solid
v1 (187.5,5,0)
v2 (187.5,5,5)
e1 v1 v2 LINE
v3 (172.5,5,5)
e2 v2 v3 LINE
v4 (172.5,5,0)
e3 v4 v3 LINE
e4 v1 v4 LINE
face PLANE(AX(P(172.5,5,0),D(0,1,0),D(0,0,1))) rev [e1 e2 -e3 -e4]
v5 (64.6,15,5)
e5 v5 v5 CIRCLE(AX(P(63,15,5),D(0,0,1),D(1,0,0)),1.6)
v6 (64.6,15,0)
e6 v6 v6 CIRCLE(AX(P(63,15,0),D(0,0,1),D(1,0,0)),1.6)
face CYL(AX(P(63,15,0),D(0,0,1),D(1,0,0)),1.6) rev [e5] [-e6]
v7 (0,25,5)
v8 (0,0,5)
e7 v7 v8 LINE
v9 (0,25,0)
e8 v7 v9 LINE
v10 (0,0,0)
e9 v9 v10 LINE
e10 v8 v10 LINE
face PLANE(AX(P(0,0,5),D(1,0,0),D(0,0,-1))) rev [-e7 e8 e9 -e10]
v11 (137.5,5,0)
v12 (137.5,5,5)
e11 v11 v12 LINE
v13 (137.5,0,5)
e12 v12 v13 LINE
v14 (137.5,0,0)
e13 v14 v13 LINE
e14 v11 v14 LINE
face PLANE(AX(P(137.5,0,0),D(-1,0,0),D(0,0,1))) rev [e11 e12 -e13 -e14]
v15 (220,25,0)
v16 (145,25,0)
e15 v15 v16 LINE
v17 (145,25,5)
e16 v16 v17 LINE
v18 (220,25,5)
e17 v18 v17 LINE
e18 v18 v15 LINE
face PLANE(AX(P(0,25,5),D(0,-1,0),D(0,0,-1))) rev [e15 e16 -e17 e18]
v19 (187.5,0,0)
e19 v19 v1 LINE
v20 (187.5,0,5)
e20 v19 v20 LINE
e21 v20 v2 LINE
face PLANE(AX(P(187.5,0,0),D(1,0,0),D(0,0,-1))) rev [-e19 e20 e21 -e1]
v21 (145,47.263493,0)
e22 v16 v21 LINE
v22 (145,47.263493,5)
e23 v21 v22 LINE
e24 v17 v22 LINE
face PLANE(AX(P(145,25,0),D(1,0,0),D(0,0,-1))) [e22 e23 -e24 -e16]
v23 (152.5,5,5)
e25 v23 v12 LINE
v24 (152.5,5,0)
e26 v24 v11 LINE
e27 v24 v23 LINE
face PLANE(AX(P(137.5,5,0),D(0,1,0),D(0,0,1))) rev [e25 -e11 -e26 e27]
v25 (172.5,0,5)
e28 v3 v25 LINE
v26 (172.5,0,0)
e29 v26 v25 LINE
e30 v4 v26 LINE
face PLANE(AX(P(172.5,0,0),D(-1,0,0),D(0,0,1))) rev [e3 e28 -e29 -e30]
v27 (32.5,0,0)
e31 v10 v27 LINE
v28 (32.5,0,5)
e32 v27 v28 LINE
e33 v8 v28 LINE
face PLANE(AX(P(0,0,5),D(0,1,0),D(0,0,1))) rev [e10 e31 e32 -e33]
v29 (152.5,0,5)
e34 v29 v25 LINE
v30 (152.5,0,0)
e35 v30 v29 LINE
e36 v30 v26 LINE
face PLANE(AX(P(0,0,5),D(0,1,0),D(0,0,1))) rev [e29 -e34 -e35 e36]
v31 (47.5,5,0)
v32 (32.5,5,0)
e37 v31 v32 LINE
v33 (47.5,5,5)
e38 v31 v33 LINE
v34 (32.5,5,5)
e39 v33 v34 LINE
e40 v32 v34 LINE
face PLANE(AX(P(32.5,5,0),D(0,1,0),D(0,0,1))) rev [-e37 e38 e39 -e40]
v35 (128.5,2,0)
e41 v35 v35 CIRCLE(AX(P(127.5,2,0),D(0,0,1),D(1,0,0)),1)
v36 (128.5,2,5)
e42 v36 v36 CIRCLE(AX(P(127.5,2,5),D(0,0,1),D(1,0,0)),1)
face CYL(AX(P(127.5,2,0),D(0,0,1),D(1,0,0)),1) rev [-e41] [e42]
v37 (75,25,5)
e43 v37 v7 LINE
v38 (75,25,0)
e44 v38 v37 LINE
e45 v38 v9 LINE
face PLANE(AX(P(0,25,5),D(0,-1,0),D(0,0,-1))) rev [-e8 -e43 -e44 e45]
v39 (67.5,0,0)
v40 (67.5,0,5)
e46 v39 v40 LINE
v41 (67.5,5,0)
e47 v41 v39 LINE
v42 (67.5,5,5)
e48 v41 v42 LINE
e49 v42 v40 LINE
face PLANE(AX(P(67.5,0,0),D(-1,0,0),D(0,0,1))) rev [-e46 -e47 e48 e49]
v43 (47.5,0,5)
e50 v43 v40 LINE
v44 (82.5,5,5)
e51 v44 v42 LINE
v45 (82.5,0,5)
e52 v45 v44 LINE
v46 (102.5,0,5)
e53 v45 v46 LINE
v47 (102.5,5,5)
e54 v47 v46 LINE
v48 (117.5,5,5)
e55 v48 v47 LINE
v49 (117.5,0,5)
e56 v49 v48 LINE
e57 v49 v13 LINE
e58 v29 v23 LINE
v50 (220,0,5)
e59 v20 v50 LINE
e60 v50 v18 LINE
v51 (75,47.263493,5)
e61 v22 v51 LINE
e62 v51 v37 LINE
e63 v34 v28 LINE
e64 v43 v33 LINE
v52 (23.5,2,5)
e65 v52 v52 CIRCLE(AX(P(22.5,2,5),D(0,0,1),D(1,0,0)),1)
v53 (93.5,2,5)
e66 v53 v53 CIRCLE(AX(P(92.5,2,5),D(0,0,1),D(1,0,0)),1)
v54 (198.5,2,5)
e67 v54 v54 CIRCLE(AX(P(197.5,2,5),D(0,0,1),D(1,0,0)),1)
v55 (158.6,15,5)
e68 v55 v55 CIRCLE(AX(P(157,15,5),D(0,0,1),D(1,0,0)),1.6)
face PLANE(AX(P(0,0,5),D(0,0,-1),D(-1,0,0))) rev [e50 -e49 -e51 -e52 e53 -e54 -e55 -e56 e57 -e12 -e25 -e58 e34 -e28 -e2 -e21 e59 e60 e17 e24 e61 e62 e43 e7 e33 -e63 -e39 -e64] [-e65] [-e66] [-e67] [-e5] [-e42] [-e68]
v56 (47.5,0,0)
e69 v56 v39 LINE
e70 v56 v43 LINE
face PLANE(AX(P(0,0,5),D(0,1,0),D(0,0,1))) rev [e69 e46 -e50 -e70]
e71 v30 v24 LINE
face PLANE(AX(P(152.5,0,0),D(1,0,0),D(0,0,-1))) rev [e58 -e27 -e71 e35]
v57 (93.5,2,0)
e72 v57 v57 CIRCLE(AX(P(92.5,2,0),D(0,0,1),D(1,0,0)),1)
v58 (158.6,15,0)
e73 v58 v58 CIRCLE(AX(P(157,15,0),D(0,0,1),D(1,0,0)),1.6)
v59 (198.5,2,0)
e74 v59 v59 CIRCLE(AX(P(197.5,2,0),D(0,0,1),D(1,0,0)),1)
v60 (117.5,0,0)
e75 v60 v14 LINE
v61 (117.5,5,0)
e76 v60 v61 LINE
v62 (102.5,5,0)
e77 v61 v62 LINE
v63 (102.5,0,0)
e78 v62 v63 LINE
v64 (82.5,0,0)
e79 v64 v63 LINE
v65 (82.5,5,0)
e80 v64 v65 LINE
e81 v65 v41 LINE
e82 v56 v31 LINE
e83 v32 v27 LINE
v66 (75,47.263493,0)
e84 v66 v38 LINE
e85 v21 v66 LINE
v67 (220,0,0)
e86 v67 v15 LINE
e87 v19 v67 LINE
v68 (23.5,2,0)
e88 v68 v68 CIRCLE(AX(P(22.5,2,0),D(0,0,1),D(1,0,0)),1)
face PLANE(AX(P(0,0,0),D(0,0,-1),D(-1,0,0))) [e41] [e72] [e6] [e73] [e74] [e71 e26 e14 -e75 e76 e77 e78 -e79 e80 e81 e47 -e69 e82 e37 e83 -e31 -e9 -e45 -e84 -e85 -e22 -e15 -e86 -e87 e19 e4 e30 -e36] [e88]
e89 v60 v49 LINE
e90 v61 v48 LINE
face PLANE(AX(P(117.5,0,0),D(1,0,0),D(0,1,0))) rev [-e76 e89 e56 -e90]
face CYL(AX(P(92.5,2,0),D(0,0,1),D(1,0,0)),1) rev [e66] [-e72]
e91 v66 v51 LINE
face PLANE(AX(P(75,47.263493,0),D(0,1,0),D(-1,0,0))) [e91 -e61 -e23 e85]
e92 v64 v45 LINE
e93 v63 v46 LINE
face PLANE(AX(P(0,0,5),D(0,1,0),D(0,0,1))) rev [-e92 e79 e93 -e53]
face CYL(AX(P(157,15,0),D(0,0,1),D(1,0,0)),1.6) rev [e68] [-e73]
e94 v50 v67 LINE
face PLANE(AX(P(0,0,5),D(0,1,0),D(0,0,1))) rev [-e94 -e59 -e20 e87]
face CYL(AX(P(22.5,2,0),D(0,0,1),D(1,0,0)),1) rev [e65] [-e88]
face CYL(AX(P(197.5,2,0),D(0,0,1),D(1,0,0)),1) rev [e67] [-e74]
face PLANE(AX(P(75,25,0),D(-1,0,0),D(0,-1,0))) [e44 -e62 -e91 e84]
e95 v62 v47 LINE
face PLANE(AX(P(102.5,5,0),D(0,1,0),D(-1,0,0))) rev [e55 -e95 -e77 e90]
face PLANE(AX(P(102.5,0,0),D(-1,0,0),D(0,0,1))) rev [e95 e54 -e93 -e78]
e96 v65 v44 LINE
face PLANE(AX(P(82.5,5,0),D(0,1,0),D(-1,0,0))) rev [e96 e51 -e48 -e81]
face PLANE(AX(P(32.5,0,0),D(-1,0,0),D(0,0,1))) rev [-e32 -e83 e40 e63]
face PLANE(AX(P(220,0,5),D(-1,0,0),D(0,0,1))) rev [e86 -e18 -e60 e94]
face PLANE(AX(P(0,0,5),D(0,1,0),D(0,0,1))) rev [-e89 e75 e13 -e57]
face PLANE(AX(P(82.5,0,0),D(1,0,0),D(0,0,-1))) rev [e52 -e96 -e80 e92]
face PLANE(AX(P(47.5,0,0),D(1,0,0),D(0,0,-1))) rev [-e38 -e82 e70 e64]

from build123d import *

# Parameters (mm, degrees)
SKETCH_1_W          = 220
SKETCH_1_H          = 25
EXTRUDE_1_DEPTH     = 5
SKETCH_2_W          = 70
SKETCH_2_H          = 22.26349322
EXTRUDE_2_DEPTH     = 5
SKETCH_3_W          = 15
SKETCH_3_H          = 5
CUT_EXTRUDE_1_DEPTH = 226.075182531
SKETCH_4_R          = 1.6
CUT_EXTRUDE_2_DEPTH = 226.075182531
SKETCH_7_R          = 1
CUT_EXTRUDE_4_DEPTH = 226.075182531


with BuildPart() as part:
    # 草图1 → 凸台-拉伸1 (new body)
    with BuildSketch(Plane.XY):
        with Locations((110, 12.5)):
            Rectangle(SKETCH_1_W, SKETCH_1_H)
    extrude(amount=EXTRUDE_1_DEPTH)

    # 草图2 → 凸台-拉伸2 (add)
    with BuildSketch(Plane.XY.offset(5)):
        with Locations((110, 36.13174661)):
            Rectangle(SKETCH_2_W, SKETCH_2_H)
    extrude(amount=-EXTRUDE_2_DEPTH)

    # 草图3 → 切除-拉伸1 (cut, through all)
    with BuildSketch(Plane.XY.offset(5)):
        with Locations((110, 2.5)):
            Rectangle(SKETCH_3_W, SKETCH_3_H)
        with Locations((145, 2.5)):
            Rectangle(SKETCH_3_W, SKETCH_3_H)
        with Locations((180, 2.5)):
            Rectangle(SKETCH_3_W, SKETCH_3_H)
        with Locations((75, 2.5)):
            Rectangle(SKETCH_3_W, SKETCH_3_H)
        with Locations((40, 2.5)):
            Rectangle(SKETCH_3_W, SKETCH_3_H)
    extrude(amount=-CUT_EXTRUDE_1_DEPTH, mode=Mode.SUBTRACT)

    # 草图4 → 切除-拉伸2 (cut, through all)
    with BuildSketch(Plane.XY.offset(5)):
        with Locations((63, 15)):
            Circle(SKETCH_4_R)
        with Locations((157, 15)):
            Circle(SKETCH_4_R)
    extrude(amount=-CUT_EXTRUDE_2_DEPTH, mode=Mode.SUBTRACT)

    # 草图7 → 切除-拉伸4 (cut, through all)
    with BuildSketch(Plane.XY.offset(5)):
        with Locations((22.5, 2)):
            Circle(SKETCH_7_R)
        with Locations((92.5, 2)):
            Circle(SKETCH_7_R)
        with Locations((127.5, 2)):
            Circle(SKETCH_7_R)
        with Locations((197.5, 2)):
            Circle(SKETCH_7_R)
    extrude(amount=-CUT_EXTRUDE_4_DEPTH, mode=Mode.SUBTRACT)


solid = part.part
